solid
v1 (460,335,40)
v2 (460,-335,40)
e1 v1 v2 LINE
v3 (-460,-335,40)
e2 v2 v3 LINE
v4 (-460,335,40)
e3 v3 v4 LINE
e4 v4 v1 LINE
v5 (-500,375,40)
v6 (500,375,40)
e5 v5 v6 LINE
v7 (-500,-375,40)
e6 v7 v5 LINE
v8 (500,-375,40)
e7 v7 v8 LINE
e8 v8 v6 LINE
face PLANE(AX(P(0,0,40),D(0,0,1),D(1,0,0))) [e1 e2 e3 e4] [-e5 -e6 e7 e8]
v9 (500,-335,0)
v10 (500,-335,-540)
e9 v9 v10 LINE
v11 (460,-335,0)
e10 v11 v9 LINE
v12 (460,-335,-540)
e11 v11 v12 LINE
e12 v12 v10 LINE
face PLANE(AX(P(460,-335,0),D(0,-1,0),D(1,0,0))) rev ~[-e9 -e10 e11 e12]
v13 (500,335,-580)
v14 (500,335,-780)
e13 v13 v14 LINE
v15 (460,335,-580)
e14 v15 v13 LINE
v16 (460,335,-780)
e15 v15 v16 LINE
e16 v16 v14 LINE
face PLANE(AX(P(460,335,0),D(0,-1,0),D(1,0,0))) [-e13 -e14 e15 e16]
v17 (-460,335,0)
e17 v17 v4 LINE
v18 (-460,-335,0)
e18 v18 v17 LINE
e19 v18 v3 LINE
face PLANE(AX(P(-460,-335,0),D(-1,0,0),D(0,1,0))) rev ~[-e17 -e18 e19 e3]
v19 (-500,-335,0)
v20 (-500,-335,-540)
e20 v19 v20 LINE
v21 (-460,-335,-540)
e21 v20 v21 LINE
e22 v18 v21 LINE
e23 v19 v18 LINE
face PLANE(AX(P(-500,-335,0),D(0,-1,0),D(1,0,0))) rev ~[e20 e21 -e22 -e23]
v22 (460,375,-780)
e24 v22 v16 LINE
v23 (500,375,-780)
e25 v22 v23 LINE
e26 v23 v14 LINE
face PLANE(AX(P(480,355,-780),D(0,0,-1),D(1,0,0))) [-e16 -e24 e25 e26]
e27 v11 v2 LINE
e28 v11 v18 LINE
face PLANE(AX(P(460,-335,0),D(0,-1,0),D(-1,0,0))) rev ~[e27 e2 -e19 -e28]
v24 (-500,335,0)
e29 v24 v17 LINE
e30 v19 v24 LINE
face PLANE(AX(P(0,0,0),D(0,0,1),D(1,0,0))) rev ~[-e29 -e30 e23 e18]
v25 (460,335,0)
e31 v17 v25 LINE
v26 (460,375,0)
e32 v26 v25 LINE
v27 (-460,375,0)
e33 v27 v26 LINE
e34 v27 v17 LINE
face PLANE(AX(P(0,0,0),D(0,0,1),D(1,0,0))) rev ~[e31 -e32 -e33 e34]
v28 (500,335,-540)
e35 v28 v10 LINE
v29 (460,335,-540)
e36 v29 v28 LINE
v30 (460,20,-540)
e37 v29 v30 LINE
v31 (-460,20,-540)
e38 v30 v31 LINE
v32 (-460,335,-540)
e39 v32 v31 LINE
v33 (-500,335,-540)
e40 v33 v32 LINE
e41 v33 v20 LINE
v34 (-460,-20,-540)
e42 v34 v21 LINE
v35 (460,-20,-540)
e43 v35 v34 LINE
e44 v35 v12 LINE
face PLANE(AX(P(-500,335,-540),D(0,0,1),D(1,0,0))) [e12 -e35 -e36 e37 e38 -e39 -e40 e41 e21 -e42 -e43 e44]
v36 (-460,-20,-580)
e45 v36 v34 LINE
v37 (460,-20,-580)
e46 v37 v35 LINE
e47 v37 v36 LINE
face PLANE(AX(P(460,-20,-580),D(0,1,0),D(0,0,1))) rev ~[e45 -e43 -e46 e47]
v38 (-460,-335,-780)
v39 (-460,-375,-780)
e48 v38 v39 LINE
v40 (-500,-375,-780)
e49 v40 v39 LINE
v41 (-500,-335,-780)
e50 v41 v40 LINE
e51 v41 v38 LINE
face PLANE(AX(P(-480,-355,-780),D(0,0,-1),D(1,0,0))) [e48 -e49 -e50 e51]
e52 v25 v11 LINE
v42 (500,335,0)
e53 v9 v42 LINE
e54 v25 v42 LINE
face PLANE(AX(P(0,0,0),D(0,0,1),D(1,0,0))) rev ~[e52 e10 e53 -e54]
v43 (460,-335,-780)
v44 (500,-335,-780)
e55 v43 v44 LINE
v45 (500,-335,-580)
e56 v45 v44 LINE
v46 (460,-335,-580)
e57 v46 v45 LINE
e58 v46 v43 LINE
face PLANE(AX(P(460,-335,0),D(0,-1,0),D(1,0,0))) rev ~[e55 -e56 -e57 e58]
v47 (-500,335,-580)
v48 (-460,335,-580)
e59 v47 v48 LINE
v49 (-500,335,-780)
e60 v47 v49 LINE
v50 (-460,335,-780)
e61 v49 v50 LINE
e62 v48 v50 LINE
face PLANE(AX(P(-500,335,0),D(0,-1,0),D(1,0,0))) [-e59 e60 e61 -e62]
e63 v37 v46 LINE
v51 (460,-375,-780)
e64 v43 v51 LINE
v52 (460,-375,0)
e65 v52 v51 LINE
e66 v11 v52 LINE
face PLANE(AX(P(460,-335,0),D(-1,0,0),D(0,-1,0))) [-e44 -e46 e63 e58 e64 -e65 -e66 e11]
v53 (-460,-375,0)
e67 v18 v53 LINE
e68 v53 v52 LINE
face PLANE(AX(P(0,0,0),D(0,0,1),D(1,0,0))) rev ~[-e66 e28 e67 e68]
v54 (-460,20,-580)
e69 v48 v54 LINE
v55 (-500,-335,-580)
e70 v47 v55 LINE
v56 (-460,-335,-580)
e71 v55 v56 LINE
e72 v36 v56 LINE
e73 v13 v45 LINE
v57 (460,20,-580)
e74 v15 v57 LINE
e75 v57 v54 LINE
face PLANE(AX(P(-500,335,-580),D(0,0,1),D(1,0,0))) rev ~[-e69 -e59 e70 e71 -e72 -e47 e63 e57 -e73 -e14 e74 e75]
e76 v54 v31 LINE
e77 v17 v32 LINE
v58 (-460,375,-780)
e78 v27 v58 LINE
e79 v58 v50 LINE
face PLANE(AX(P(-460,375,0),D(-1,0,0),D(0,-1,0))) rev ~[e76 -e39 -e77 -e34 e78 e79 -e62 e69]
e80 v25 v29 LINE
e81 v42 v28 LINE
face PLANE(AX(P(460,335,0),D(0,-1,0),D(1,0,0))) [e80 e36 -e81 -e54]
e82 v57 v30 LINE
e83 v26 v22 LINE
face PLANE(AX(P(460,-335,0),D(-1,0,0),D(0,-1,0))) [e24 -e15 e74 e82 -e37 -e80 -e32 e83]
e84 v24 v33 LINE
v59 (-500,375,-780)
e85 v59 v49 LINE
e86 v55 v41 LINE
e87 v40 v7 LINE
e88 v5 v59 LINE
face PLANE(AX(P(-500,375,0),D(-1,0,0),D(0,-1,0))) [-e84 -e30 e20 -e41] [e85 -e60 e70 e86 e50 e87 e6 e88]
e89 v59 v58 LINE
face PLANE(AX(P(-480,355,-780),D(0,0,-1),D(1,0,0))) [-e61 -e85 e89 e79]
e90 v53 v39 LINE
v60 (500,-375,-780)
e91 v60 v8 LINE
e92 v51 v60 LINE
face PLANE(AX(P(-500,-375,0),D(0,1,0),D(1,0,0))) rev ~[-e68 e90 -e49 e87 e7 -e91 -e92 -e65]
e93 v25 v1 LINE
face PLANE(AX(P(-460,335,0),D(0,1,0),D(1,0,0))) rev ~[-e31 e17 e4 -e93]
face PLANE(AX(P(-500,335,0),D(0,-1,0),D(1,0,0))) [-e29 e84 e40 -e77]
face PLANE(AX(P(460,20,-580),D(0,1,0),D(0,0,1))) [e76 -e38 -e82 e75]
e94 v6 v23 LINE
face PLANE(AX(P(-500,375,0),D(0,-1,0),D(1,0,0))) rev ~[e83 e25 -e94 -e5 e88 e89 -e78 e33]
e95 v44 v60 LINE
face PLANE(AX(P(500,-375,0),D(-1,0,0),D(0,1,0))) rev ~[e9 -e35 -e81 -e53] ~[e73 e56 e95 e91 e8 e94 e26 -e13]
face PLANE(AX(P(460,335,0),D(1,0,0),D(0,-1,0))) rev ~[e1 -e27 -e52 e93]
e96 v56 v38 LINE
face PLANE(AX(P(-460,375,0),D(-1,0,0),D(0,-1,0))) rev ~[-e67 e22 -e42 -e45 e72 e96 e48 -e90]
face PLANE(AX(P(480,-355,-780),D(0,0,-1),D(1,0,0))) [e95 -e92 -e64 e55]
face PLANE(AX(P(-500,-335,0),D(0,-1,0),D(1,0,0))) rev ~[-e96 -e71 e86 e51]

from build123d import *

# Parameters (mm, degrees)
F0_W     = 1000
F0_H     = 750
F1_DEPTH = 40
F2_W     = 40
F2_H     = 40
F3_DEPTH = 780
F4_W     = 40
F4_H     = 40
F5_DEPTH = 670
F6_W     = 40
F6_H     = 40
F7_DEPTH = 670
F8_W     = 40
F8_H     = 40
F9_DEPTH = 920


with BuildPart() as f1:
    # F0 (on Top) → F1 (new body)
    with BuildSketch(Plane.XY):
        Rectangle(F0_W, F0_H)
        Polygon((0, 335), (460, 335), (460, -335), (0, -335), (-460, -335), (-460, 335), align=None, mode=Mode.SUBTRACT)
    extrude(amount=F1_DEPTH)

    # F2 (on face) → F3 (join)
    with BuildSketch(Plane(origin=(0, 0, 0), x_dir=(1, 0, 0), z_dir=(0, 0, -1))):
        with Locations((-480, -355)):
            Rectangle(F2_W, F2_H)
        with Locations((-480, 355)):
            Rectangle(F2_W, F2_H)
        with Locations((480, 355)):
            Rectangle(F2_W, F2_H)
        with Locations((480, -355)):
            Rectangle(F2_W, F2_H)
    extrude(amount=F3_DEPTH)

    # F4 (on face) → F5 (join)
    with BuildSketch(Plane.XZ.offset(-335)):
        with Locations((-480, -560)):
            Rectangle(F4_W, F4_H)
    extrude(amount=F5_DEPTH)

    # F6 (on face) → F7 (join)
    with BuildSketch(Plane.XZ.offset(-335)):
        with Locations((480, -560)):
            Rectangle(F6_W, F6_H)
    extrude(amount=F7_DEPTH)

    # F8 (on face) → F9 (join)
    with BuildSketch(Plane(origin=(460, 0, 0), x_dir=(0, -1, 0), z_dir=(-1, 0, 0))):
        with Locations((0, -560)):
            Rectangle(F8_W, F8_H)
    extrude(amount=F9_DEPTH)


solid = f1.part
